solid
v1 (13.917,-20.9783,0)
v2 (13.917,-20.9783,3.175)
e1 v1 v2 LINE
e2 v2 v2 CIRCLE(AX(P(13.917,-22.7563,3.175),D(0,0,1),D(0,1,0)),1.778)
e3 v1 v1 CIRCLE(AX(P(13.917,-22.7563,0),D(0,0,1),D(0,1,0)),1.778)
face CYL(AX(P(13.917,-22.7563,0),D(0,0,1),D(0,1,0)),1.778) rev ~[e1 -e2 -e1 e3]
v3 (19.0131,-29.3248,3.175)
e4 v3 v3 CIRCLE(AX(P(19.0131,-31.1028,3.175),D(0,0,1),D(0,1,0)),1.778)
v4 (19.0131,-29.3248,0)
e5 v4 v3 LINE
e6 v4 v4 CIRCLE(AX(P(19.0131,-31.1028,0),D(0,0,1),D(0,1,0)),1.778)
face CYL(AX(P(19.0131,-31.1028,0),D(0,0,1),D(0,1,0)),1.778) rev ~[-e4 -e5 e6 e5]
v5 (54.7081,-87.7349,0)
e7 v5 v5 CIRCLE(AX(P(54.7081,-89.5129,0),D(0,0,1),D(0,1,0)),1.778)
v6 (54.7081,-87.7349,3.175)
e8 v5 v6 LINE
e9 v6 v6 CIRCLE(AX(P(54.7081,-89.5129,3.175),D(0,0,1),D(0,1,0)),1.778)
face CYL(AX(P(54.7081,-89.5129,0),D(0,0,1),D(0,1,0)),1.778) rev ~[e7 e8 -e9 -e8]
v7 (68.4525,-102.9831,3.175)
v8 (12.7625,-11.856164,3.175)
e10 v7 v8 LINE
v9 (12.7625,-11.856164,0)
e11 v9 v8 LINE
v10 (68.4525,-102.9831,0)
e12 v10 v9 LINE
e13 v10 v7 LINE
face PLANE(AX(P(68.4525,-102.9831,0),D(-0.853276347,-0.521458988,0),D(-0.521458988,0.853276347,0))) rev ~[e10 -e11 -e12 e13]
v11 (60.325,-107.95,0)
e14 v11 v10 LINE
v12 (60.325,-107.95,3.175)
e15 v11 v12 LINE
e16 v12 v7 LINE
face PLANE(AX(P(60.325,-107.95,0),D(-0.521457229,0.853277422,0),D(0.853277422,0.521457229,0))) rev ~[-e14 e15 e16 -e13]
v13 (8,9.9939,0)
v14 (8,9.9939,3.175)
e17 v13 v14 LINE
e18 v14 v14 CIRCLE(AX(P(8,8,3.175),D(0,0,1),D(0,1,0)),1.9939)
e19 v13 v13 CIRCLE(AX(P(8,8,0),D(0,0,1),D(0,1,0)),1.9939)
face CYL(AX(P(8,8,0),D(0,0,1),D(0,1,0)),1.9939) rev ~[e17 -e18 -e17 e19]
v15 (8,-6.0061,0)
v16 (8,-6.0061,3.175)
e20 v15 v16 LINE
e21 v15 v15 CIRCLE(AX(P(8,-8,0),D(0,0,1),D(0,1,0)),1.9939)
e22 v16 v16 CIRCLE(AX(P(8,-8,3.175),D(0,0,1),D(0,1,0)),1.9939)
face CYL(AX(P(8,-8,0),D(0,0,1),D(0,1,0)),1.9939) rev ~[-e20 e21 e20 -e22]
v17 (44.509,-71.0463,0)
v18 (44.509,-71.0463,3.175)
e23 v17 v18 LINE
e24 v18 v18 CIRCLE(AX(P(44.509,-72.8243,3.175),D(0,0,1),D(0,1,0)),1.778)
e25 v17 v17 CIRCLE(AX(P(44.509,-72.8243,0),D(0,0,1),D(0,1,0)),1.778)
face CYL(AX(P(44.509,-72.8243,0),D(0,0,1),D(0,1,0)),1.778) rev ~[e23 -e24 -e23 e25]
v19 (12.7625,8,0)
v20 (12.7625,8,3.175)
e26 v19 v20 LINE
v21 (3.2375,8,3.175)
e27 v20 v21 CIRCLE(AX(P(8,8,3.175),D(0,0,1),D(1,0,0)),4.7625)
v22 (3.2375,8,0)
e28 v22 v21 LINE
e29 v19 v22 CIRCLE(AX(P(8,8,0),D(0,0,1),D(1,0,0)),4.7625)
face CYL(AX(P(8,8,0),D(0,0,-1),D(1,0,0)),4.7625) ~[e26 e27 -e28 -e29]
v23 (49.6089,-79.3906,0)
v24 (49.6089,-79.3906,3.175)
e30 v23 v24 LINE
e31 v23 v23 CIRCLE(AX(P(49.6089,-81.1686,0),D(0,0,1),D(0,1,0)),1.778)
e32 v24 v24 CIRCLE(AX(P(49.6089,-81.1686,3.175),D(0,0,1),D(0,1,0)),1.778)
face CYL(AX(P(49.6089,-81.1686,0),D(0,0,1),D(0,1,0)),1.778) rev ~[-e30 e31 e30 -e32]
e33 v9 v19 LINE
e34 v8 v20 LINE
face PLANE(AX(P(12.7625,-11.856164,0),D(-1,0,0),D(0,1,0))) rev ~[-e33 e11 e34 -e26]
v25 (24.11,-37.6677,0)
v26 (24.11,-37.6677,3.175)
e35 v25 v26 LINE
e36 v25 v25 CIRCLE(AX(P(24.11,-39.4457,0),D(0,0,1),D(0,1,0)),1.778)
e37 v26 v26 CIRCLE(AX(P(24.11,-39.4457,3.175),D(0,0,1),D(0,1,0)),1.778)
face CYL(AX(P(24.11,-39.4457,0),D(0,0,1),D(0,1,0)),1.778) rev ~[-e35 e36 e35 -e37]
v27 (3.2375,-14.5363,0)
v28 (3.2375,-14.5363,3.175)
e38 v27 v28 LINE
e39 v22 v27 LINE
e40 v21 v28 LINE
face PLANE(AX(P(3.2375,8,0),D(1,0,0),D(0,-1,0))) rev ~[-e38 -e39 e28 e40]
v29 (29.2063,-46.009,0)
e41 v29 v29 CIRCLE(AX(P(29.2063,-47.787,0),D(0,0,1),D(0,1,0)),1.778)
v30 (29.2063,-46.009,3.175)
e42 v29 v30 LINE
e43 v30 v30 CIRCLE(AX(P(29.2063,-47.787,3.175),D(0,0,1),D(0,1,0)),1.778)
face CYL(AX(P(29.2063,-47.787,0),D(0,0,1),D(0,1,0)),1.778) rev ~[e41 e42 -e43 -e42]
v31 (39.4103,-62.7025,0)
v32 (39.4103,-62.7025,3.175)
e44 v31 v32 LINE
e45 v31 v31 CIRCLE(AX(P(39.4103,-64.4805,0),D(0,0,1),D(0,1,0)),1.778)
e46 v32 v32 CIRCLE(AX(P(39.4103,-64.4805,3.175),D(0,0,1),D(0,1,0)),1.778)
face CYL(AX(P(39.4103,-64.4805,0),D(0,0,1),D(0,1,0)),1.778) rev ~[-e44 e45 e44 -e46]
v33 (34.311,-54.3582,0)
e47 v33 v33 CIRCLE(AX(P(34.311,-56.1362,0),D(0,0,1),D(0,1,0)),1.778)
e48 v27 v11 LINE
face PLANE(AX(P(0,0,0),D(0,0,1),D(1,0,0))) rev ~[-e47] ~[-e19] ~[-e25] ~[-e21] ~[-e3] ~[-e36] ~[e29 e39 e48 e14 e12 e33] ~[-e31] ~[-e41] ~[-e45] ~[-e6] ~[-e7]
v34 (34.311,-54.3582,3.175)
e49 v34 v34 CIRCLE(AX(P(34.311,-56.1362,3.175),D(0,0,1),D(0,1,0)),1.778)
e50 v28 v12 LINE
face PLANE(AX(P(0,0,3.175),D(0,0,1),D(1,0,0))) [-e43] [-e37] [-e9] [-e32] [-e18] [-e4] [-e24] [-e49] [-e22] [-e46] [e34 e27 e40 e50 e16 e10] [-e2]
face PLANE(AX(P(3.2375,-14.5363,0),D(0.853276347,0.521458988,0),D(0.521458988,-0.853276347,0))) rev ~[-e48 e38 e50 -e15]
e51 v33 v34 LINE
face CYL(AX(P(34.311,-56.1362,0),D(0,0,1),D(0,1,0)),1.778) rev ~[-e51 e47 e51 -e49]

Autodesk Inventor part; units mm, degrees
ref_plane "YZ Plane" through (0, 0, 0) normal (1, 0, 0) x (0, 1, 0)
ref_plane "XZ Plane" through (0, 0, 0) normal (0, 1, 0) x (-1, 0, 0)
ref_plane "XY Plane" through (0, 0, 0) normal (0, 0, 1) x (1, 0, 0)
sketch "Sketch1" plane through (0, 0, 0) normal (0, 0, 1) x (1, 0, 0)
  arc A0 (6.0118, 7.7827) -> (6.4404, 9.2521) centre (8, 8) ccw construction
  arc A1 (7.7827, -6.0118) -> (9.2521, -6.4404) centre (8, -8) ccw construction
  circle A2 centre (8, 8) radius 1.9939 construction
  circle A3 centre (8, -8) radius 1.9939 construction
  line L0 (6.0061, 8) -> (6.0061, -8) construction
  line L1 (1.9277, 2.1329) -> (2.8194, -0.5629) construction
  arc A4 (1.9277, 2.1329) -> (2.8194, -0.5629) centre (0, 0) ccw construction
  line L2 (9.9939, 8) -> (6.0061, 8) construction
  line L3 (6.0061, 8) -> (6.0061, -8) construction
  line L4 (6.0061, -8) -> (9.9939, -8) construction
  line L5 (9.9939, -8) -> (9.9939, 8) construction
  arc A5 (12.7621, 7.9367) -> (3.2375, 8) centre (8, 8) ccw construction
  line L6 (8, 8) -> (3.2375, 8) construction
  line L7 (8, 8) -> (12.7625, 8) construction
  line L8 (12.7625, 10.7686) -> (3.2375, 10.7686) construction
  line L9 (3.2375, 10.7686) -> (3.2375, -14.5363) construction
  line L10 (3.2375, -10.7686) -> (12.7625, -10.7686) construction
  line L11 (12.7625, -11.6614) -> (12.7625, 10.7686) construction
  line L12 (12.7625, 8) -> (12.7625, -11.6614) construction
  line L13 (3.2375, 8) -> (3.2375, -14.5363) construction
  line L14 (125.2938, -2.5112) -> (119.3124, -4.6433) construction
  line L15 (120.3686, -7.6063) -> (119.3124, -4.6433) construction
  circle A6 centre (64.263, -105.1393) radius 2 construction
  circle A7 centre (0, 0) radius 1.9939 construction
  line L16 (64.263, -105.1393) -> (0, 0) construction
  line L17 (0, 0) -> (-1.7037, -1.0359) construction
  line L18 (0, 0) -> (1.9939, 0) construction
  line L19 (0, 0) -> (1.7037, 1.0359) construction
  line L20 (64.263, -105.1393) -> (62.5541, -106.1783) construction
  line L21 (64.263, -105.1393) -> (66.263, -105.1393) construction
  line L22 (64.263, -105.1393) -> (65.9719, -104.1002) construction
  line L23 (1.7037, 1.0359) -> (65.9719, -104.1002) construction
  line L24 (65.9719, -104.1002) -> (62.5591, -106.1865) construction
  line L25 (62.5591, -106.1865) -> (-1.7091, -1.0504) construction
  line L26 (-1.7091, -1.0504) -> (1.7037, 1.0359) construction
  line L27 (-5.5766, -0.1174) -> (61.6261, -110.0539) construction
  line L28 (61.6261, -110.0539) -> (69.8394, -105.0332) construction
  line L29 (69.8394, -105.0332) -> (0.7437, 8) construction
  line L30 (2.6367, 4.9033) -> (-5.5766, -0.1174) construction
  line L31 (64.263, -105.1393) -> (68.3721, -102.633) construction
  line L32 (12.7625, -11.6614) -> (68.3721, -102.633) construction
  line L33 (64.263, -105.1393) -> (60.1589, -107.6537) construction
  line L34 (68.3721, -102.633) -> (60.1589, -107.6537) construction
  line L35 (60.1589, -107.6537) -> (3.2375, -14.5363) construction
  arc A8 (25.7824, -64.2706) -> (22.8, -65.3296) centre (24.3335, -64.9192) ccw construction
  circle A9 centre (43.9887, -120.2705) radius 1.5 construction
  circle A10 centre (43.9887, -120.2705) radius 60.325 construction
  circle A11 centre (34.3115, -56.1364) radius 1.778 construction
  circle A12 centre (8, 8) radius 4.7625
  line L36 (12.7625, -11.6614) -> (3.2375, -14.5363)
  line L37 (3.2375, -14.5363) -> (60.1589, -107.6537)
  line L38 (60.1589, -107.6537) -> (68.3721, -102.633)
  line L39 (68.3721, -102.633) -> (12.7625, -11.6614)
  circle A13 centre (34.3115, -56.1364) radius 1.778
  circle A14 centre (13.9136, -22.7595) radius 1.778
  circle A15 centre (19.013, -31.1037) radius 1.778
  circle A16 centre (24.1123, -39.4479) radius 1.778
  circle A17 centre (29.2117, -47.7921) radius 1.778
  circle A18 centre (39.4103, -64.4804) radius 1.778
  circle A19 centre (44.5097, -72.8246) radius 1.778
  circle A20 centre (49.609, -81.1688) radius 1.778
  circle A21 centre (54.7084, -89.513) radius 1.778
  circle A22 centre (8, -8) radius 1.9939
  circle A23 centre (8, 8) radius 1.9939
  point P0 (0, 0)
  dimension "d1" = 3.9878
  dimension "d0" = 3.9878
  dimension "d3" = 4.7625
  dimension "d4" = 180
  dimension "d5" = 2.7686
  dimension "d6" = 3.9878
  dimension "d7" = 148.7
  dimension "d8" = 148.7
  dimension "d9" = 2.8131
  dimension "d11" = 3.556
  dimension "d98" = 3.9878
  dimension "d99" = 3.9878
extrude "Extrusion1" add sketch "Sketch1" along normal blind 3.175 contours A12 | A23
ref_plane "Work Plane1" through (0, 0, 0) normal (0, 0, 1) x (1, 0, 0)
sketch "Sketch2" plane through (0, 0, 0) normal (0, 0, 1) x (1, 0, 0)
  circle A0 centre (8, 8) radius 4.7625 projected
  line L0 (12.7625, 8) -> (3.2375, 8)
  line L1 (3.2375, 8) -> (3.2375, -14.5363)
  line L2 (3.2375, -14.5363) -> (12.7625, -14.5363)
  line L3 (12.7625, -14.5363) -> (12.7625, 8)
  line L4 (3.2375, -14.5363) -> (60.325, -107.95)
  line L5 (60.325, -107.95) -> (68.4525, -102.9831)
  line L6 (68.4525, -102.9831) -> (11.365, -9.5694)
  line L7 (11.365, -9.5694) -> (3.2375, -14.5363)
  point P0 (0, 0)
  dimension "d14" = 9.525
extrude "Extrusion2" add sketch "Sketch2" along normal blind 3.175 contours L3 L6 L7 L1 A0 | A0 L0 | L6 L5 L4 L2 L3 | L3 L2 L7 L6 picked at (6.8117, 6.9473)
hole "Hole1" at (34.311, -56.1362, 0) direction (0, 0, 1) diameter 3.556 end through all
hole "Hole2" at (49.6089, -81.1686, 0) direction (0, 0, 1) diameter 3.556 end through all
hole "Hole3" at (44.509, -72.8243, 0) direction (0, 0, 1) diameter 3.556 end through all
hole "Hole4" at (54.7081, -89.5129, 0) direction (0, 0, 1) diameter 3.556 end through all
hole "Hole5" at (39.4103, -64.4805, 0) direction (0, 0, 1) diameter 3.556 end through all
hole "Hole6" at (29.2063, -47.787, 0) direction (0, 0, 1) diameter 3.556 end through all
hole "Hole7" at (24.11, -39.4457, 0) direction (0, 0, 1) diameter 3.556 end through all
hole "Hole8" at (19.0131, -31.1028, 0) direction (0, 0, 1) diameter 3.556 end through all
hole "Hole9" at (13.917, -22.7563, 0) direction (0, 0, 1) diameter 3.556 end through all
sketch "Sketch3" plane through (60.325, -107.95, 0) normal (-0.8533, -0.5215, 0) x (0, 0, 1)
  point P0 (0, 123.5682)
sketch "Sketch4" plane through (0, 0, 3.175) normal (0, 0, 1) x (1, 0, 0)
  spline S0 degree 3 poles (-25.2788, -2.0557) (-25.3112, -1.9605) (-25.3341, -1.8916) (-25.3588, -1.8128) (-25.3613, -1.8009) (-25.3441, -1.8374) (-25.3155, -1.9119) (-25.2521, -2.0803) (-25.2004, -2.2209) (-25.0761, -2.5633) (-25.0055, -2.7599) (-24.8596, -3.169) (-24.7792, -3.3953) (-24.6138, -3.8659) (-24.5358, -4.0898) (-24.3927, -4.5052) (-24.3289, -4.6925) (-24.2382, -4.9635) (-24.1921, -5.103) (-24.1408, -5.2711) (-24.1321, -5.3068) (-24.1428, -5.2998) (-24.1636, -5.2531) (-24.2396, -5.0631) (-24.2901, -4.9305) (-24.3621, -4.7401) (-24.4003, -4.6379) (-24.4829, -4.4155) (-24.5269, -4.296) (-24.5725, -4.1714) knots 0.000001 0.000001 0.000001 0.000001 0.060915 0.060915 0.118968 0.118968 0.203575 0.203575 0.324675 0.324675 0.441995 0.441995 0.548902 0.548902 0.648718 0.648718 0.748605 0.748605 0.82225 0.82225 0.878767 0.878767 0.938156 0.938156 1.008318 1.008318 1.073219 1.073219 1.138691 1.138691 1.138691 1.138691
  point P0 (0, 0)
sketch "Sketch5" plane through (0, 0, 0) normal (0, 0, -1) x (-1, 0, 0)
  arc A0 (-9.9544, 7.5753) -> (-9.6822, 9.0817) centre (-8, 8) ccw projected
  arc A1 (-7.5753, -9.9544) -> (-9.0817, -9.6822) centre (-8, -8) ccw
  circle A2 centre (-8, 8) radius 2
  circle A3 centre (-8, -8) radius 2
  point P0 (0, 0)
hole "Hole10" at (8, -8, 0) direction (0, 0, 1) diameter 3.9878 end through all
hole "Hole11" at (8, 8, 0) direction (0, 0, 1) diameter 3.9878 end through all
sketch "Sketch6" plane through (0, 0, 3.175) normal (0, 0, 1) x (1, 0, 0)
  point P0 (0, 0)
sketch "Sketch7" plane through (0, 0, 3.175) normal (0, 0, 1) x (1, 0, 0)
  circle A0 centre (19.0131, -31.1028) radius 1.778 construction
  circle A1 centre (13.917, -22.7563) radius 1.778 construction
  line L0 (19.0131, -31.1028) -> (13.917, -22.7563) construction
  point P0 (0, 0)
properties part number "CollectorArmWithAngle"
